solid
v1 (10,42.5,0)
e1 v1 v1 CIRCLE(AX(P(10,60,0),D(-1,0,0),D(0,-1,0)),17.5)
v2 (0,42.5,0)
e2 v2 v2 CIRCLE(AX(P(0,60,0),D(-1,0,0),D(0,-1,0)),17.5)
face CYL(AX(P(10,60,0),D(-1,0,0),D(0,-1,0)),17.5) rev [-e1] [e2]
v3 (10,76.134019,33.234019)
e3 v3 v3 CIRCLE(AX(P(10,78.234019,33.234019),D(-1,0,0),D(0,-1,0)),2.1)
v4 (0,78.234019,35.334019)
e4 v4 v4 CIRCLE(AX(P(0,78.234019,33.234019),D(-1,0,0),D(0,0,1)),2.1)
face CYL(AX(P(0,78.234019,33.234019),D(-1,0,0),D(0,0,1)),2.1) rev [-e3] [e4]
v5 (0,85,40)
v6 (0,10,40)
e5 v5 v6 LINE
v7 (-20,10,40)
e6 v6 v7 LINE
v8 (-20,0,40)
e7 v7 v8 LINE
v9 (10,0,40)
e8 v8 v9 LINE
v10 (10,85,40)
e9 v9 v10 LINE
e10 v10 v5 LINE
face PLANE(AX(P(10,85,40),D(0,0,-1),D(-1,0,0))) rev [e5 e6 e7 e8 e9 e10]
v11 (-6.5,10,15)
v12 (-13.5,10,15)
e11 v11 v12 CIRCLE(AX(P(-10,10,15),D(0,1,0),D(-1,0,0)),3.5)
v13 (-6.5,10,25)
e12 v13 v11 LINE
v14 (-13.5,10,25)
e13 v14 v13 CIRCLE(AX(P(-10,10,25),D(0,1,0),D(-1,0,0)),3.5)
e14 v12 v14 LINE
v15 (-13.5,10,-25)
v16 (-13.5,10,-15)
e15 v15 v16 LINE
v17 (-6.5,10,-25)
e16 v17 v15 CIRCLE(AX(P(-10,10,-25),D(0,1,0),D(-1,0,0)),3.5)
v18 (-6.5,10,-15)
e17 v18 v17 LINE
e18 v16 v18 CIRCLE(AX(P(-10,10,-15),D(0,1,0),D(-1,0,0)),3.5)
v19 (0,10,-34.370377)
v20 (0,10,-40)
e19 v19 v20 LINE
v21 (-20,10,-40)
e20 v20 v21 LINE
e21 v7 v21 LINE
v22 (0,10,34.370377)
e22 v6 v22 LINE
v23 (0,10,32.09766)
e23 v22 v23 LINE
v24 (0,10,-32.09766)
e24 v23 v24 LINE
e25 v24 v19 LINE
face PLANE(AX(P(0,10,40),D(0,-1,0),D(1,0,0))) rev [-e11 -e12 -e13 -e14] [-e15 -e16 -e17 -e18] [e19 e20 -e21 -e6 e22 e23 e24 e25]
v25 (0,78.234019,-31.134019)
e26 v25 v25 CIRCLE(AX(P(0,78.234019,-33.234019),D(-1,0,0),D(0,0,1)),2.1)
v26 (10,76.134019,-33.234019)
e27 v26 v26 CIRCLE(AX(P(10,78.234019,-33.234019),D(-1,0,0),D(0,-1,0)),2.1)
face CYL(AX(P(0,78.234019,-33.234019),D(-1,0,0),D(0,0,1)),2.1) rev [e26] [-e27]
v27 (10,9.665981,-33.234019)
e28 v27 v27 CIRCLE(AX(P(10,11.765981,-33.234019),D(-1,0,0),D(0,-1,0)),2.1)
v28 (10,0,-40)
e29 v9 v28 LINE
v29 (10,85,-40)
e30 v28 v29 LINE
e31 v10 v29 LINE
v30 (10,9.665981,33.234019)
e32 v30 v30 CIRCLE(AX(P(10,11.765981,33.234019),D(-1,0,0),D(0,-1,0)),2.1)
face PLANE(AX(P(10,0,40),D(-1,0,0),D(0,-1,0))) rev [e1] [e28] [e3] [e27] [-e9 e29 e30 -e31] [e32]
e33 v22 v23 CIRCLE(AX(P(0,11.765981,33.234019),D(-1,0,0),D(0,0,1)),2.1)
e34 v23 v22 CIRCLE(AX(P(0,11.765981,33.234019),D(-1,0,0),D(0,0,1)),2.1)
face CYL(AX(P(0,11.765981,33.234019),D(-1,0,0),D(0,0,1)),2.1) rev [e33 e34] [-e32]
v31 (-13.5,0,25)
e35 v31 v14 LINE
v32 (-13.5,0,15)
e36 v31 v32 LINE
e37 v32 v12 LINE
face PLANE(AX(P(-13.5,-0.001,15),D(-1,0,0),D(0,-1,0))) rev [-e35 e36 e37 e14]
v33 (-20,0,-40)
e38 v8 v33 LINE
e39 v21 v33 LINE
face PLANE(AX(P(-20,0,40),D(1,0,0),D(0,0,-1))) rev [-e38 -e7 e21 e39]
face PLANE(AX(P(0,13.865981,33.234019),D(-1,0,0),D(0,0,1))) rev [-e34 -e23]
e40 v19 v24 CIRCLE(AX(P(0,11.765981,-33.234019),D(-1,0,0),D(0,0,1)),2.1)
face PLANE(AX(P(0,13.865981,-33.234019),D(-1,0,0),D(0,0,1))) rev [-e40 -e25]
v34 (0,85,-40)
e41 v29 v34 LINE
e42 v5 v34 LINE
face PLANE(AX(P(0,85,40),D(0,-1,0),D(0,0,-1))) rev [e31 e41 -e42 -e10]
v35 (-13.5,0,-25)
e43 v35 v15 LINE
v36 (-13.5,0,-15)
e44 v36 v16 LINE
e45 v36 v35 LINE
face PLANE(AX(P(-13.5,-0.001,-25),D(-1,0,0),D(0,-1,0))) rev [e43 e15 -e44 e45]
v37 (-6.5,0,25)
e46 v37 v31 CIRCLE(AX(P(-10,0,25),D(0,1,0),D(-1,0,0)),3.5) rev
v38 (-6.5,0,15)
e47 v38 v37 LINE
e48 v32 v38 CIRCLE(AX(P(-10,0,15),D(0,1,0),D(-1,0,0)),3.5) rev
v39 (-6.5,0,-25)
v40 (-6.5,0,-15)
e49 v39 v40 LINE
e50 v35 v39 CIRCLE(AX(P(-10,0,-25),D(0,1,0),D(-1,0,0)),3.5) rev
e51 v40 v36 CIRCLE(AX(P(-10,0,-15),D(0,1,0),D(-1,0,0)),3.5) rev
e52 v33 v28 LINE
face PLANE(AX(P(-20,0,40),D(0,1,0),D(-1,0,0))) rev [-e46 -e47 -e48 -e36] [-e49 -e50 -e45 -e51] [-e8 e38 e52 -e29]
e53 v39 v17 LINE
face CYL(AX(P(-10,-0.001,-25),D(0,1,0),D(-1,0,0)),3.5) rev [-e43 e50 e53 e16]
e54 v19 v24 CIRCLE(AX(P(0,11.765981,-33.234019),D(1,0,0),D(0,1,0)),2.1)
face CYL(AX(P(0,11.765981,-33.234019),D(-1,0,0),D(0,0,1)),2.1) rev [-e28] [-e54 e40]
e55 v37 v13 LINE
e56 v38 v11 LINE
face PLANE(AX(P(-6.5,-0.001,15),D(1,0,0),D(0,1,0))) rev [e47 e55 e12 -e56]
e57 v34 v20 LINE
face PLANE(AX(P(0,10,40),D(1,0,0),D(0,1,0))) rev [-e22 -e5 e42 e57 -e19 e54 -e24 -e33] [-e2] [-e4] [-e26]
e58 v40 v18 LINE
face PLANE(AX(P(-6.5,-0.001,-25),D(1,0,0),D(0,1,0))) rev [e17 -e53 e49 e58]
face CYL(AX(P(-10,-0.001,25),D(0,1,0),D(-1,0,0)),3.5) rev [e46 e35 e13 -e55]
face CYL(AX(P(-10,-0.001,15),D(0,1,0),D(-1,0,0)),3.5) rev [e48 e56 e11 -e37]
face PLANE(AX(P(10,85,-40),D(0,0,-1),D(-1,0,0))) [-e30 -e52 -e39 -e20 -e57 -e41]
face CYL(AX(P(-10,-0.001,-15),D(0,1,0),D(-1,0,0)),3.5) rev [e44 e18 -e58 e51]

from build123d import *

# Parameters (mm, degrees)
EXTRUDE_1_DEPTH             = 40
CUT_EXTRUDE_2_REACH         = 89.321
HOLE_WIZARD_M5_1_AT_2_COUNT = 2
HOLE_WIZARD_M5_1_AT_2_PITCH = 66.468037432
HOLE_WIZARD_M5_1_AT_3_COUNT = 2
HOLE_WIZARD_M5_1_AT_3_PITCH = 94
HOLE_WIZARD_M5_1_AT_4_COUNT = 2
HOLE_WIZARD_M5_1_AT_4_PITCH = 66.468037432
SKETCH_5_R                  = 17.5
CUT_EXTRUDE_3_DEPTH         = 10


with BuildPart() as part:
    # 草图1 → 拉伸1 (new, symmetric)
    with BuildSketch(Plane.XY):
        Polygon((-20, 0), (10, 0), (10, 85), (0, 85), (0, 10), (-20, 10), align=None)
    extrude(amount=EXTRUDE_1_DEPTH, both=True)

    # 草图2 → 拉伸2 (cut, up to next)
    with BuildSketch(Plane(origin=(0, 10, 0), x_dir=(1, 0, 0), z_dir=(0, 1, 0)), mode=Mode.PRIVATE) as cut_extrude_2_sk1:
        with BuildLine():
            Line((-13.5, 25), (-13.5, 15))
            ThreePointArc((-13.5, 15), (-10, 11.5), (-6.5, 15))
            Line((-6.5, 15), (-6.5, 25))
            ThreePointArc((-6.5, 25), (-10, 28.5), (-13.5, 25))
        make_face()
    cut_extrude_2_tool1 = extrude(cut_extrude_2_sk1.sketch, amount=-CUT_EXTRUDE_2_REACH, mode=Mode.PRIVATE) & part.part
    # 草图2 → 拉伸2 (cut, up to next)
    with BuildSketch(Plane(origin=(0, 10, 0), x_dir=(1, 0, 0), z_dir=(0, 1, 0)), mode=Mode.PRIVATE) as cut_extrude_2_sk2:
        with BuildLine():
            Line((-13.5, -15), (-13.5, -25))
            ThreePointArc((-13.5, -25), (-10, -28.5), (-6.5, -25))
            Line((-6.5, -25), (-6.5, -15))
            ThreePointArc((-6.5, -15), (-10, -11.5), (-13.5, -15))
        make_face()
    cut_extrude_2_tool2 = extrude(cut_extrude_2_sk2.sketch, amount=-CUT_EXTRUDE_2_REACH, mode=Mode.PRIVATE) & part.part
    add(cut_extrude_2_tool1.solids().sort_by_distance((-10, 10, -20))[0], mode=Mode.SUBTRACT)
    add(cut_extrude_2_tool2.solids().sort_by_distance((-10, 10, 20))[0], mode=Mode.SUBTRACT)

    # 草图3 → M5 螺纹孔1 (revolve, cut)
    with BuildSketch(Plane(origin=(0, 78.234018716, 33.234018716), x_dir=(0, 0, 1), z_dir=(0, 1, 0))):
        Polygon((0, 0), (0, 15.2618073), (2.1, 14), (2.1, 0), align=None)
    hole_wizard_m5_1 = revolve(axis=Axis((-6.35, 78.234018716, 33.234018716), (1, 0, 0)), mode=Mode.SUBTRACT)

    # M5 螺纹孔1 at 2: M5 螺纹孔1 ×2
    with Locations(*[(0, 0, -i * HOLE_WIZARD_M5_1_AT_2_PITCH) for i in range(1, HOLE_WIZARD_M5_1_AT_2_COUNT)]):
        add(hole_wizard_m5_1, mode=Mode.SUBTRACT)

    # M5 螺纹孔1 at 3: M5 螺纹孔1 ×2
    with Locations(*[Vector(0, -0.7071067811865464, -0.7071067811865487) * (i * HOLE_WIZARD_M5_1_AT_3_PITCH) for i in range(1, HOLE_WIZARD_M5_1_AT_3_COUNT)]):
        add(hole_wizard_m5_1, mode=Mode.SUBTRACT)

    # M5 螺纹孔1 at 4: M5 螺纹孔1 ×2
    with Locations(*[(0, -i * HOLE_WIZARD_M5_1_AT_4_PITCH, 0) for i in range(1, HOLE_WIZARD_M5_1_AT_4_COUNT)]):
        add(hole_wizard_m5_1, mode=Mode.SUBTRACT)

    # 草图5 → 拉伸3 (cut)
    with BuildSketch(Plane.ZY):
        with Locations(Location((0, 60, 0), (0, 0, 270))):
            Circle(SKETCH_5_R)
    extrude(amount=-CUT_EXTRUDE_3_DEPTH, mode=Mode.SUBTRACT)


solid = part.part
